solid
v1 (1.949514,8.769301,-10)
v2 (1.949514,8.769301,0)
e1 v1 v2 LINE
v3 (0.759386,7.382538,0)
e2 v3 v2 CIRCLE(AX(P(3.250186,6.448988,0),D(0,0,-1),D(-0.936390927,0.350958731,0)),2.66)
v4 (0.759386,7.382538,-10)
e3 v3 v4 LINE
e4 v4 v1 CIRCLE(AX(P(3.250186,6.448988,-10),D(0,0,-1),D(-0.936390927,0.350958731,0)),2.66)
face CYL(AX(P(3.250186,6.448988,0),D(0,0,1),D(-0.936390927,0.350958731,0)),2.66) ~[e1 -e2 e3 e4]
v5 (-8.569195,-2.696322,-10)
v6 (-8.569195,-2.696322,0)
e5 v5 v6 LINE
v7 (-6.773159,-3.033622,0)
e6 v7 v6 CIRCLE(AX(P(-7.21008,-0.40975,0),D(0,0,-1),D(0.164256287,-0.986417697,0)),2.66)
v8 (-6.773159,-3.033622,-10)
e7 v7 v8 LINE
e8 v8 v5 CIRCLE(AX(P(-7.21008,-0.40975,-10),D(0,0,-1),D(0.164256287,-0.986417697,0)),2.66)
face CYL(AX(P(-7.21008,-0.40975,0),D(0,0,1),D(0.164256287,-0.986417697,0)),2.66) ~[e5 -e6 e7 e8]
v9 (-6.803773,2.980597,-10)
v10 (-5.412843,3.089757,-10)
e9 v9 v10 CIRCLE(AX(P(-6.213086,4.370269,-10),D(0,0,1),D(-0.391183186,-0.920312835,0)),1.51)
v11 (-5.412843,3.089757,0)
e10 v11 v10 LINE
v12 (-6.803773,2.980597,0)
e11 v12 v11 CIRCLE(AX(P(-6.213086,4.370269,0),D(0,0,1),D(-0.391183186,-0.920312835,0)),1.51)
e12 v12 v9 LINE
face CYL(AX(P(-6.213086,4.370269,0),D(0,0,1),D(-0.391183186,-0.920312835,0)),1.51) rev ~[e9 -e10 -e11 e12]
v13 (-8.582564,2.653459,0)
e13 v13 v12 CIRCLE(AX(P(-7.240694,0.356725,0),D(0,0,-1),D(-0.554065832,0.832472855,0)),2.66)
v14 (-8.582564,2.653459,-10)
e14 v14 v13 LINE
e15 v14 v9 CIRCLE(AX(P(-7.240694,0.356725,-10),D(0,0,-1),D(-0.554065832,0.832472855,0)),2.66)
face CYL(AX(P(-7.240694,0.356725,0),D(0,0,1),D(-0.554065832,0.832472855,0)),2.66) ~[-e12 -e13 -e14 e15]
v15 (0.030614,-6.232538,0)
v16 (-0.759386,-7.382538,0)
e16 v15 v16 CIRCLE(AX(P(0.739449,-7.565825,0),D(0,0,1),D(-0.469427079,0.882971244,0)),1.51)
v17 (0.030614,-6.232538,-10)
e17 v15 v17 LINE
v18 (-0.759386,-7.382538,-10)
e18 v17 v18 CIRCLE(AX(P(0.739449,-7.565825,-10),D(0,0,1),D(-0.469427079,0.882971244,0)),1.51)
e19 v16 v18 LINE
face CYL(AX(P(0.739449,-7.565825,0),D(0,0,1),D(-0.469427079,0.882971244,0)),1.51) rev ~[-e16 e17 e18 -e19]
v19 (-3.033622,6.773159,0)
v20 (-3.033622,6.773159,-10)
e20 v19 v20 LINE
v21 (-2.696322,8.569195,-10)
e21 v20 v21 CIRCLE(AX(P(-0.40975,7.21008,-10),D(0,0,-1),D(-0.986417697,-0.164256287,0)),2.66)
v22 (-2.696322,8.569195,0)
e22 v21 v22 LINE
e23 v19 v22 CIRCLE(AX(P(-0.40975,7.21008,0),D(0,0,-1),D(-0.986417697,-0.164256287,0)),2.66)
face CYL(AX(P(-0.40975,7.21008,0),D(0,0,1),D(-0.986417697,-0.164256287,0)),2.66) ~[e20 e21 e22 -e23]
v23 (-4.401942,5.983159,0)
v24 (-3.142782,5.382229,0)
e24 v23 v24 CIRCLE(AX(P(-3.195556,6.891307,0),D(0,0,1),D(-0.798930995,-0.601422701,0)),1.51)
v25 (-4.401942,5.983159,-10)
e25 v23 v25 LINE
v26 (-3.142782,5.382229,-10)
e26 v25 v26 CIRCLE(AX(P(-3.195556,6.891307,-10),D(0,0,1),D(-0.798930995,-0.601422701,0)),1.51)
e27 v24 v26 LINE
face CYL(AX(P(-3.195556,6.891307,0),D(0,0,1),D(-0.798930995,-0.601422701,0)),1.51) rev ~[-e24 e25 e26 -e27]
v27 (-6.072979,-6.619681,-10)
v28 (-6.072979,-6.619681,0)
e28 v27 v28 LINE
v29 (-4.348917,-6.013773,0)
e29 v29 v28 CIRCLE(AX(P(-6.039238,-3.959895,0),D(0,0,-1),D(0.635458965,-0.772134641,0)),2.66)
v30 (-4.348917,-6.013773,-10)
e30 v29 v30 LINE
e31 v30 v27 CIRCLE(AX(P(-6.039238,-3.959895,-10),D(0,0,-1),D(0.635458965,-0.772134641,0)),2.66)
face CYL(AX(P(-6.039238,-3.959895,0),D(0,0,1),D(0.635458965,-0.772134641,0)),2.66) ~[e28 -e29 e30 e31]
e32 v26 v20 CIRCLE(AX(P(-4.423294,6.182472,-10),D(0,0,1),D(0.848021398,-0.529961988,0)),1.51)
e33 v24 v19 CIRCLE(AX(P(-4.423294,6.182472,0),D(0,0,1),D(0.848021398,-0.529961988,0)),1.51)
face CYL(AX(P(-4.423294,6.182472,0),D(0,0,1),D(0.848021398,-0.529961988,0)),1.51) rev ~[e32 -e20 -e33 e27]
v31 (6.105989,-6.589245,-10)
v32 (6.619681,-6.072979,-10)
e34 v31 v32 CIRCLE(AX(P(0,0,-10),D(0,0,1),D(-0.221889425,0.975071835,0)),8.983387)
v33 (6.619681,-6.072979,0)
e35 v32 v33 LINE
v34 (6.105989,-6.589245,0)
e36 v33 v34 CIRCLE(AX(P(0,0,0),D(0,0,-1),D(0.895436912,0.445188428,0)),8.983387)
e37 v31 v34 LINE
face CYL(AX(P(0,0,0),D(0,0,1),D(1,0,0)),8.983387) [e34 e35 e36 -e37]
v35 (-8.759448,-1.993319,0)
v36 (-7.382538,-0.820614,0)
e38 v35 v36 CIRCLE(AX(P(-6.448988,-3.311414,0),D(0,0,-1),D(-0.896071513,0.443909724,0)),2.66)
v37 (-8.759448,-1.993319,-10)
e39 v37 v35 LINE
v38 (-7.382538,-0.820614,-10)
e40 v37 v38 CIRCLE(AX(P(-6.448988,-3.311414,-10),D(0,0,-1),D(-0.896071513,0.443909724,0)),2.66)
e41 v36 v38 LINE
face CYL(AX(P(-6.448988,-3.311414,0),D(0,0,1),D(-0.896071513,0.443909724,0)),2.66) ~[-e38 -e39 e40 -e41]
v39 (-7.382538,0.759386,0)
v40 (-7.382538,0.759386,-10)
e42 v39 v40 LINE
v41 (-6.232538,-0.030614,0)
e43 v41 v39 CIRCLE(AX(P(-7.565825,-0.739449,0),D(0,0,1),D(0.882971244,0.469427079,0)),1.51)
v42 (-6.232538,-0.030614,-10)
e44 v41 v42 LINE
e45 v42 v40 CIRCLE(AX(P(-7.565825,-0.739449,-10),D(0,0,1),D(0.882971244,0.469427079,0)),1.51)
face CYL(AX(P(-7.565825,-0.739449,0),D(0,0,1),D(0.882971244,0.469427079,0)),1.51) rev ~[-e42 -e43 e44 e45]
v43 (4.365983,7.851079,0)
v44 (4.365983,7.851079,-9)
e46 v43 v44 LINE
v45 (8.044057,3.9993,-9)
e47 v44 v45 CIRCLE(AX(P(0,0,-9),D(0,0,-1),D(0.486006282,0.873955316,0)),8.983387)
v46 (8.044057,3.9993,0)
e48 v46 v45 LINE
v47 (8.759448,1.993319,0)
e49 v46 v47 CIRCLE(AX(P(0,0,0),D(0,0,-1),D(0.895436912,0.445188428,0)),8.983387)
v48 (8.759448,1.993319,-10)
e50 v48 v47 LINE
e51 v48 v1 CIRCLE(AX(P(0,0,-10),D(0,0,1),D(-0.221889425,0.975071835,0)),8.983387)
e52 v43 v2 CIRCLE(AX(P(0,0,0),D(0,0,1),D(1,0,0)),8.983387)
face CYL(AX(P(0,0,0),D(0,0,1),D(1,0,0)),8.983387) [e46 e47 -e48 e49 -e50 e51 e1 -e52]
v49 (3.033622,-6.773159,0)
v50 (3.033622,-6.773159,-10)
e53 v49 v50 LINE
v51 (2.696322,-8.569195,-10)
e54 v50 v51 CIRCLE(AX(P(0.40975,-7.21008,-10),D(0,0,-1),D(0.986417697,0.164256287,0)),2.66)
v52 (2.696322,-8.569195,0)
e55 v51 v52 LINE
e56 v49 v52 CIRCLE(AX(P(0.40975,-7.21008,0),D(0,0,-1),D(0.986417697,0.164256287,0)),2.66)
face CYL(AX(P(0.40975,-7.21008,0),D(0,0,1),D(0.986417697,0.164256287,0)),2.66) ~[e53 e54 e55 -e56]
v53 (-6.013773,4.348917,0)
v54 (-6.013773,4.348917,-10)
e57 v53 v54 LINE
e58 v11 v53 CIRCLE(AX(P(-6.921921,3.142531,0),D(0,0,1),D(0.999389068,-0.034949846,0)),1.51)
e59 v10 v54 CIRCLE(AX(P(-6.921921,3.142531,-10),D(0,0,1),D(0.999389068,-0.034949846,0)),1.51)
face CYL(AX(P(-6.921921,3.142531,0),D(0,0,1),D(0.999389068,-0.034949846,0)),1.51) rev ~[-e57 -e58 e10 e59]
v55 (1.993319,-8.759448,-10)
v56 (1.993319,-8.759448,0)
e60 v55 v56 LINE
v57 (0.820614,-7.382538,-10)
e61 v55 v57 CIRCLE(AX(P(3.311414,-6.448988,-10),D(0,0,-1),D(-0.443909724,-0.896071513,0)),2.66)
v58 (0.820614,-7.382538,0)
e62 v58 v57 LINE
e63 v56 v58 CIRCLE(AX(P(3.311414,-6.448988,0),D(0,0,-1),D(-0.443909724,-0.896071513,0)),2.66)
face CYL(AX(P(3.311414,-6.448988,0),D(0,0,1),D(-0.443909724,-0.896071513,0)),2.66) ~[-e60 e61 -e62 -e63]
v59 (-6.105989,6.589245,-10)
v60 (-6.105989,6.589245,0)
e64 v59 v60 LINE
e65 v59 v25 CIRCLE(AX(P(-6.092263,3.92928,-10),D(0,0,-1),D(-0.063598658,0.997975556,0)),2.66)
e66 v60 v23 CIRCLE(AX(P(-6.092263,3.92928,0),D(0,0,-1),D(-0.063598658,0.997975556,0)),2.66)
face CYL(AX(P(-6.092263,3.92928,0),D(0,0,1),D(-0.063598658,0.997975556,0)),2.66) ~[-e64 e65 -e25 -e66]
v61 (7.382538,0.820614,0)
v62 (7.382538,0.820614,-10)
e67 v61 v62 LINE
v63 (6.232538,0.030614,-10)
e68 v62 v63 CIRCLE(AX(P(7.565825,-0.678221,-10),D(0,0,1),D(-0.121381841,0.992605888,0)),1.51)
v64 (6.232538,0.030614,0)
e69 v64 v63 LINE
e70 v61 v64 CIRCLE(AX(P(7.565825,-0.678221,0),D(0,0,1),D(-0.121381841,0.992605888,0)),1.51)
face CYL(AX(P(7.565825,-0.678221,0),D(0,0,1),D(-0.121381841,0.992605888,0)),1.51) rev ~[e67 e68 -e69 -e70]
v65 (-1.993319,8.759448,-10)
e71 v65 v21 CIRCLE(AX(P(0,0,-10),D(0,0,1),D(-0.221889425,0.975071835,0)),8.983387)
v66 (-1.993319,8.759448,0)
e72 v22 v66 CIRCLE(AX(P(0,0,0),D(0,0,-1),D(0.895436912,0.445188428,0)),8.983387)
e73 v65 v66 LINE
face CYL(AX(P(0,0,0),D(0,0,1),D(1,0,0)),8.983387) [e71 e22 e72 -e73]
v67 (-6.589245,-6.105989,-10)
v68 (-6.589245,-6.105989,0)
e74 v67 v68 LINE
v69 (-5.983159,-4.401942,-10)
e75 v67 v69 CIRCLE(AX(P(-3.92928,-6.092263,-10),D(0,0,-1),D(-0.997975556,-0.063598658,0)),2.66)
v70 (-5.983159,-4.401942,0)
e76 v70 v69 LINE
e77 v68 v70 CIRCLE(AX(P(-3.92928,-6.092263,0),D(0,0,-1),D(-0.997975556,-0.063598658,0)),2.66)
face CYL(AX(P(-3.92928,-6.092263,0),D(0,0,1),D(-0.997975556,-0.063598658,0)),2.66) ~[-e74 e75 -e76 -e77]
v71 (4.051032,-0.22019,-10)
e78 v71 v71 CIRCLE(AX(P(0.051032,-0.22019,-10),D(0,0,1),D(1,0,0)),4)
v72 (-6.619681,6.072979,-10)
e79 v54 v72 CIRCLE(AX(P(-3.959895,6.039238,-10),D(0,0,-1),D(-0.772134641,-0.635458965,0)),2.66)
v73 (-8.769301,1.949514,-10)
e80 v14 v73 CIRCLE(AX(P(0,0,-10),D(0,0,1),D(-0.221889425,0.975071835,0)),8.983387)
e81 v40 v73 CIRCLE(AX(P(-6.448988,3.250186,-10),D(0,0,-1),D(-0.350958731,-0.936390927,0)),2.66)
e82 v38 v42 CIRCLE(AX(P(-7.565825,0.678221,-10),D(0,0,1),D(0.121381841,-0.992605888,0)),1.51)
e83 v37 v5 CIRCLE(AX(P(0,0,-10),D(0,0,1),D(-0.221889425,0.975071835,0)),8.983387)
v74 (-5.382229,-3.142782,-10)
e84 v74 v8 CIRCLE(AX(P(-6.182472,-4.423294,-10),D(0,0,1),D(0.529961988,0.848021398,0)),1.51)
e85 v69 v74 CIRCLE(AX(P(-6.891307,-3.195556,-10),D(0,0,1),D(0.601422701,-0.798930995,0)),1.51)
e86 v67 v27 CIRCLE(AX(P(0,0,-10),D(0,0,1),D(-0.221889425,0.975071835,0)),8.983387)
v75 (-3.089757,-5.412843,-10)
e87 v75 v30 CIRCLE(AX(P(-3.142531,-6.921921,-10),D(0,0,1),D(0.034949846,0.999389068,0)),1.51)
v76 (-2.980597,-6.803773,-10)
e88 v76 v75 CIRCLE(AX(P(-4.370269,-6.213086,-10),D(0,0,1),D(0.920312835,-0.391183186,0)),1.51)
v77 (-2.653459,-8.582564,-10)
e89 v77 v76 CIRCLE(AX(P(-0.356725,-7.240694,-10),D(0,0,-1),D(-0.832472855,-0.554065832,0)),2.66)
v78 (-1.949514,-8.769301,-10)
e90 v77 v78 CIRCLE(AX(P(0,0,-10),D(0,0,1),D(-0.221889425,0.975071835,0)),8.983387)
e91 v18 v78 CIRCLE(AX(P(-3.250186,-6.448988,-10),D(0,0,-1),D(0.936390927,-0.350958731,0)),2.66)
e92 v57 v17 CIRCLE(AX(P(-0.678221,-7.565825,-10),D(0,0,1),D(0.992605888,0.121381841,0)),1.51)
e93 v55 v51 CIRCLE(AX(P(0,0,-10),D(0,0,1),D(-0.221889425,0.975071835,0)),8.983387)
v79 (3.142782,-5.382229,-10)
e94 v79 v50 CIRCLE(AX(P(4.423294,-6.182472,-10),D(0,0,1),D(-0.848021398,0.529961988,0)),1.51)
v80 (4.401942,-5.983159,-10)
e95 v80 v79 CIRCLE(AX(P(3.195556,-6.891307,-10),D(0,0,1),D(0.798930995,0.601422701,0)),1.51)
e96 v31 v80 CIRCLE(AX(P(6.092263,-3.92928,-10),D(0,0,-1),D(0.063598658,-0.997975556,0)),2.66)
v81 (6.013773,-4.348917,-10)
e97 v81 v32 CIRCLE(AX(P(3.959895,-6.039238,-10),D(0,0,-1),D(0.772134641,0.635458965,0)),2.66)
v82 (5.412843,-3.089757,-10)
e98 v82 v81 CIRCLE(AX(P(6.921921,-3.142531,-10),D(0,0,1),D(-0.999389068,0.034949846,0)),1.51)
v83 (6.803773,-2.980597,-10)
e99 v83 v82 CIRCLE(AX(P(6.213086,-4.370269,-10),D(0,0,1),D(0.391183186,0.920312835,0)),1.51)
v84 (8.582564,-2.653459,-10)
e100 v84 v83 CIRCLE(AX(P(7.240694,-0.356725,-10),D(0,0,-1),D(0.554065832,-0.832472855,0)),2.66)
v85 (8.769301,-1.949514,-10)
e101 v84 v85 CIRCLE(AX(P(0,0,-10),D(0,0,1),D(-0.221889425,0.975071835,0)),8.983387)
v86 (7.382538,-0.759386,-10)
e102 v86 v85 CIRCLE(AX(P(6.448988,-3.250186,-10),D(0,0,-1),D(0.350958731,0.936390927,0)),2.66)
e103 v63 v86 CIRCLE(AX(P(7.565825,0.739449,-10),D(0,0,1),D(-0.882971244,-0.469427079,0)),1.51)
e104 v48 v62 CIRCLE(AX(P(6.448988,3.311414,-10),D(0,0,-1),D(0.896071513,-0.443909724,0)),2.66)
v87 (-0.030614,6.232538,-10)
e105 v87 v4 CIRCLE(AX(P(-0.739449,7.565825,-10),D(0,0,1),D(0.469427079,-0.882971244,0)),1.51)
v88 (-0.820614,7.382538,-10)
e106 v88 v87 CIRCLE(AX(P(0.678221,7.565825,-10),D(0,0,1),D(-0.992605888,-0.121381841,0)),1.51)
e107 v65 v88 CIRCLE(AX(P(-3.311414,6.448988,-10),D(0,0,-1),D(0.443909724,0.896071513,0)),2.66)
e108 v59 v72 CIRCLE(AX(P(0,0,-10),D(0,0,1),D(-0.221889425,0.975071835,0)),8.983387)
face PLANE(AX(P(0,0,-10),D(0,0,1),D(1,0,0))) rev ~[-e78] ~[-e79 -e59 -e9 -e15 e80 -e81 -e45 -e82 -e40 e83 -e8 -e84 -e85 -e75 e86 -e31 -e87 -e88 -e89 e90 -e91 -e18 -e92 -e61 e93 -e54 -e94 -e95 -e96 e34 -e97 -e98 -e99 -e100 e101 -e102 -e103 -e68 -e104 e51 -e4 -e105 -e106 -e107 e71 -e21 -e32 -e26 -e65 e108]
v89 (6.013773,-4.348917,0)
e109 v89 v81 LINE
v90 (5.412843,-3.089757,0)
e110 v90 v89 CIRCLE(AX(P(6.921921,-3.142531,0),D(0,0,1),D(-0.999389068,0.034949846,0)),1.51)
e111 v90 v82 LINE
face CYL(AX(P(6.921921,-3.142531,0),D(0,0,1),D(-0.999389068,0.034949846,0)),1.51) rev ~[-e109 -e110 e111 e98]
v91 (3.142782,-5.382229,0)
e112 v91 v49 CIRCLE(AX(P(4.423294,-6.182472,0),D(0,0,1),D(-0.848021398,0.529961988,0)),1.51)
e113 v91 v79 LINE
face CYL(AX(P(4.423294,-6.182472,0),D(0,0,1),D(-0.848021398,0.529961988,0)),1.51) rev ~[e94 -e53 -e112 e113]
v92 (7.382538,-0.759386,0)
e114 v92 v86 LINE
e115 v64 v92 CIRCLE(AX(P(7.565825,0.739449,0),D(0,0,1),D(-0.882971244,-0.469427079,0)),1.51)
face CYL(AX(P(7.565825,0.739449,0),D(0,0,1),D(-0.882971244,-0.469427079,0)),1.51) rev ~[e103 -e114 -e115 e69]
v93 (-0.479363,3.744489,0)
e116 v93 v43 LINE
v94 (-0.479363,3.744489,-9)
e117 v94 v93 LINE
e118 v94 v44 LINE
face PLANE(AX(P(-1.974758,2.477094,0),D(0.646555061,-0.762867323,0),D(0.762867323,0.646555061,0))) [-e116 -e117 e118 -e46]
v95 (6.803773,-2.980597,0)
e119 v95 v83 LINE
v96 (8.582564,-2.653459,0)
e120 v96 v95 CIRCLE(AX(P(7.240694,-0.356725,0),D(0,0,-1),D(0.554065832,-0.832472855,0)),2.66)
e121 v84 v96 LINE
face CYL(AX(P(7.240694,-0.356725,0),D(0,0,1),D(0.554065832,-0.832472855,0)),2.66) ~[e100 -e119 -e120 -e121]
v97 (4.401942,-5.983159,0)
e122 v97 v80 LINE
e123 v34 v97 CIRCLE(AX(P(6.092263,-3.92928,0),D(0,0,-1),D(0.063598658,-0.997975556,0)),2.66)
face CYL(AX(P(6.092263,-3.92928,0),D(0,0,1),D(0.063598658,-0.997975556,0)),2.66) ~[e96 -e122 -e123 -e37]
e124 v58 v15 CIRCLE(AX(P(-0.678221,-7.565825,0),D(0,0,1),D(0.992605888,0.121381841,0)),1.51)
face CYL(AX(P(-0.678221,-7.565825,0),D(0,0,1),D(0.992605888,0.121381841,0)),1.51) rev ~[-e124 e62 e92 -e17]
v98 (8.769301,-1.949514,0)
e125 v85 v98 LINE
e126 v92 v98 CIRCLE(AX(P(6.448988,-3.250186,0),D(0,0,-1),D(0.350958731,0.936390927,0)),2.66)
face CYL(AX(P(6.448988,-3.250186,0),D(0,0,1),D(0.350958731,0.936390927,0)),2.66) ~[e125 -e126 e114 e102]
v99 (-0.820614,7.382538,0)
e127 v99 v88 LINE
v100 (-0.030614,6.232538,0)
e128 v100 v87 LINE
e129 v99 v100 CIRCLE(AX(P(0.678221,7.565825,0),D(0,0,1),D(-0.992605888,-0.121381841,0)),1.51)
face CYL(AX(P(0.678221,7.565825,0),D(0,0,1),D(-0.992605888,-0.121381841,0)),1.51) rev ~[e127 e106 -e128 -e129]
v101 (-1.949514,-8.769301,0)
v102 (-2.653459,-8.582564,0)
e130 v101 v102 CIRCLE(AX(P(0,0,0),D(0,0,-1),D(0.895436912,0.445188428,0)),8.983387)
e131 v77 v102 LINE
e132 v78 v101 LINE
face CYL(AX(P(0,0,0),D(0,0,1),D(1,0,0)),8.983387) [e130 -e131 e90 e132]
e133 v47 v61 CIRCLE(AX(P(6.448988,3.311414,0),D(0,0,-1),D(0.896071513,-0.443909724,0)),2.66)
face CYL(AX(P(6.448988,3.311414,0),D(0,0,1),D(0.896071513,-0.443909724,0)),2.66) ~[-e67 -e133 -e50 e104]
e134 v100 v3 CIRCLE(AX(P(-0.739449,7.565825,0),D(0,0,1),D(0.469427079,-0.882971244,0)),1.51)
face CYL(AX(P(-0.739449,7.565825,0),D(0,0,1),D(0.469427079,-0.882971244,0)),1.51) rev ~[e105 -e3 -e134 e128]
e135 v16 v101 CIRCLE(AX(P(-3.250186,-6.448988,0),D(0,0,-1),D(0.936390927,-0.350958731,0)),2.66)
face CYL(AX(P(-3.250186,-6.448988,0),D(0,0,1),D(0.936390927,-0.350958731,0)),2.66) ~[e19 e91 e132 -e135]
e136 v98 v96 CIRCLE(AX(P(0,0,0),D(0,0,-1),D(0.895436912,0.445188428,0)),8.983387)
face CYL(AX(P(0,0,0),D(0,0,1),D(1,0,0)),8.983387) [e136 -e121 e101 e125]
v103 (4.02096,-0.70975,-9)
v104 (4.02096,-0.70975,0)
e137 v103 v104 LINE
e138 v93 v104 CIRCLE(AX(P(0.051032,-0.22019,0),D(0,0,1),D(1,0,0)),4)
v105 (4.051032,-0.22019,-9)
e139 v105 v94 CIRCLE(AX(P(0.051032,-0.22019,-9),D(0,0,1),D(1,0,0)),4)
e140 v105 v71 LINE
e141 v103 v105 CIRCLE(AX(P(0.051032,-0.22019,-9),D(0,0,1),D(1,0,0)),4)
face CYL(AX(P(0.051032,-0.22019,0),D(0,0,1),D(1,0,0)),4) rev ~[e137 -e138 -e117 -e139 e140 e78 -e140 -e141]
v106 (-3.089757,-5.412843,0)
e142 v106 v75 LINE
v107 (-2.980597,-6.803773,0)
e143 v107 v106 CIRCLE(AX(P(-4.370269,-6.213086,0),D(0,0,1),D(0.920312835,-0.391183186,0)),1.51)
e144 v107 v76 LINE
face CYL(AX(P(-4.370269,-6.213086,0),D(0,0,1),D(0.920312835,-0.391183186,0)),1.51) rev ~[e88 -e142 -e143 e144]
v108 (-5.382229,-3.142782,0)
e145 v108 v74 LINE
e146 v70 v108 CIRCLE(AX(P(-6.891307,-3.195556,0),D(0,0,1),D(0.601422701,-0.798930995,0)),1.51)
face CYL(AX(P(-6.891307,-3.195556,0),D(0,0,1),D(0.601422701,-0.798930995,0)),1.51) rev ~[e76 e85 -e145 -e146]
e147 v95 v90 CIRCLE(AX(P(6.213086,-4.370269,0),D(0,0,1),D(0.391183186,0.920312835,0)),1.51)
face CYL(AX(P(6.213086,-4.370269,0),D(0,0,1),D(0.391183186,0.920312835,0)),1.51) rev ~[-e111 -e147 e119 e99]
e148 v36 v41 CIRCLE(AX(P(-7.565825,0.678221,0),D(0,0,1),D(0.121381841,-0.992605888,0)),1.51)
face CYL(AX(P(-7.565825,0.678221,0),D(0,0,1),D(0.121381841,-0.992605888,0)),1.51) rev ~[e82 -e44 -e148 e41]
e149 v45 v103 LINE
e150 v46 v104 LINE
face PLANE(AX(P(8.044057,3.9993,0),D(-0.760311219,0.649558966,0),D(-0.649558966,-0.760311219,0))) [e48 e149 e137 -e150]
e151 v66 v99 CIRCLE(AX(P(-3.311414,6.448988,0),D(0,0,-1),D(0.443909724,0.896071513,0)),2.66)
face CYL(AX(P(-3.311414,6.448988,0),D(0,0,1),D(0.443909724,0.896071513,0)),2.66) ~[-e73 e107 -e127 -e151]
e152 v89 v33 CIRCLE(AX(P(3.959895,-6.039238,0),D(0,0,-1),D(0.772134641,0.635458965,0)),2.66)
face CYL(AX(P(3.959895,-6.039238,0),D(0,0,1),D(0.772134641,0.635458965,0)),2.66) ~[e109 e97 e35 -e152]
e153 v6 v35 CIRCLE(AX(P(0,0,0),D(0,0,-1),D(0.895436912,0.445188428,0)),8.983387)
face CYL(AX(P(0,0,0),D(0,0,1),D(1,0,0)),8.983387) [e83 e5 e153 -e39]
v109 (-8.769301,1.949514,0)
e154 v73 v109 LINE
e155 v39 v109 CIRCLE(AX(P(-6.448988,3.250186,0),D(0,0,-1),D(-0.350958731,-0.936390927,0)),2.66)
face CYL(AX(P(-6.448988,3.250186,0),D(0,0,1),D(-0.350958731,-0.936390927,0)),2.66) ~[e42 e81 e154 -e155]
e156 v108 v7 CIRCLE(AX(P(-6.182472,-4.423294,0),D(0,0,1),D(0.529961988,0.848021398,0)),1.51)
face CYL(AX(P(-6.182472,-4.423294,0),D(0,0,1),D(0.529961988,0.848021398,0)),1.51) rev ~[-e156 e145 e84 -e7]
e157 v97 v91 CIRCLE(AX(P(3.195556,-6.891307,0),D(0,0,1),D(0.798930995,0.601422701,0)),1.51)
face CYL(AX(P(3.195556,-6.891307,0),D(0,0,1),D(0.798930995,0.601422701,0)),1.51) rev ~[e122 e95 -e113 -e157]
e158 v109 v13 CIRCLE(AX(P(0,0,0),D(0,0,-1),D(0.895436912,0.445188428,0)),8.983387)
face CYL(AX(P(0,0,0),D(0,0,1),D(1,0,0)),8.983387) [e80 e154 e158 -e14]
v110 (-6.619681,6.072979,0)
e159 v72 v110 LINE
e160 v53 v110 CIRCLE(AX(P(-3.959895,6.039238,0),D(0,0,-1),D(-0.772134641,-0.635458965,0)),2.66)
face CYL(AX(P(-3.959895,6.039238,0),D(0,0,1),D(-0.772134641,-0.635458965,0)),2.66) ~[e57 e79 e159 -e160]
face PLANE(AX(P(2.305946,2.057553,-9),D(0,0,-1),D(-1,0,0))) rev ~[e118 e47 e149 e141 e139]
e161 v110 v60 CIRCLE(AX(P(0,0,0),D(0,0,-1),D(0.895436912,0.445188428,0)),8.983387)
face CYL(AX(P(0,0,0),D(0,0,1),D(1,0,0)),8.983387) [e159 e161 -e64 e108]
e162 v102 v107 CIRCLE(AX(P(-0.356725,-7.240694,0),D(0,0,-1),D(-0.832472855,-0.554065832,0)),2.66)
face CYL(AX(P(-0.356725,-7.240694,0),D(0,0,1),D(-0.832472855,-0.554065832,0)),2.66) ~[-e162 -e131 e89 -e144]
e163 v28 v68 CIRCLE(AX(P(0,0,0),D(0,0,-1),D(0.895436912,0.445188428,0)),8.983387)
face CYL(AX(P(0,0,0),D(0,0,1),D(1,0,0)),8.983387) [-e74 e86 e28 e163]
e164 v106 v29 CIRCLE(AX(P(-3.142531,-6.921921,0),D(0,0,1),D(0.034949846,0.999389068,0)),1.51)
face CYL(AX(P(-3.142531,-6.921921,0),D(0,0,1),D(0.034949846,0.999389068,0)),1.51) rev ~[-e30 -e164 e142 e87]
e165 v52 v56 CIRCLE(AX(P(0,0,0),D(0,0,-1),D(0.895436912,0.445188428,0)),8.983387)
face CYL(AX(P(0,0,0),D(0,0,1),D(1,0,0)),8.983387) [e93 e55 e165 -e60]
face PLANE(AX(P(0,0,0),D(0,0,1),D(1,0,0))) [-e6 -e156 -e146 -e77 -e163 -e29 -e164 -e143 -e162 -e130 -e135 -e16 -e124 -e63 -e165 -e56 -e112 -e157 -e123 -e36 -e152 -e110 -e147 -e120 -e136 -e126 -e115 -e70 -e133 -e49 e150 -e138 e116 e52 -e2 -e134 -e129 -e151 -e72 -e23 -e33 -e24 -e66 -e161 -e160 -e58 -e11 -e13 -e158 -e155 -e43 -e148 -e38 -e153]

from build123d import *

# Parameters (mm, degrees)
SKETCH1_R           = 8.98338725
BOSS_EXTRUDE2_DEPTH = 10
CUT_EXTRUDE1_DEPTH  = 9
SKETCH9_R           = 4
CUT_EXTRUDE4_DEPTH  = 10
CUT_EXTRUDE5_DEPTH  = 10
CIRPATTERN2_COUNT   = 10
CIRPATTERN2_ANGLE   = 270


with BuildPart() as part:
    # Sketch1 → Boss-Extrude2 (new body)
    with BuildSketch(Plane.XY):
        Circle(SKETCH1_R)
    extrude(amount=-BOSS_EXTRUDE2_DEPTH)

    # Sketch2 → Cut-Extrude1 (cut)
    with BuildSketch(Plane.XY):
        with BuildLine():
            Line((-1.97475772, 2.477093755), (4.365982639, 7.851079039))
            ThreePointArc((4.365982639, 7.851079039), (6.497023817, 6.204025146), (8.044056542, 3.999300044))
            Line((8.044056542, 3.999300044), (2.911023025, -2.008935037))
            ThreePointArc((2.911023025, -2.008935037), (-2.230434429, -2.704958194), (-1.97475772, 2.477093755))
        make_face()
    extrude(amount=-CUT_EXTRUDE1_DEPTH, mode=Mode.SUBTRACT)

    # Sketch9 → Cut-Extrude4 (cut)
    with BuildSketch(Plane.XY):
        with Locations((0.051031531, -0.220189823)):
            Circle(SKETCH9_R)
    extrude(amount=-CUT_EXTRUDE4_DEPTH, mode=Mode.SUBTRACT)

    # Sketch10 → Cut-Extrude5 (cut)
    with BuildSketch(Plane.XY):
        with BuildLine():
            ThreePointArc((-0.030614018, 6.232538227), (0.505170096, 6.710825662), (0.759385982, 7.382538227))
            ThreePointArc((0.759385982, 7.382538227), (1.276411254, 8.232191257), (2.069385982, 8.832538227))
            ThreePointArc((2.069385982, 8.832538227), (-0.030614018, 8.990934274), (-2.130614018, 8.832538227))
            ThreePointArc((-2.130614018, 8.832538227), (-1.33763929, 8.232191257), (-0.820614018, 7.382538227))
            ThreePointArc((-0.820614018, 7.382538227), (-0.566398131, 6.710825662), (-0.030614018, 6.232538227))
        make_face()
    cut_extrude5 = extrude(amount=-CUT_EXTRUDE5_DEPTH, mode=Mode.SUBTRACT)

    # CirPattern2: Cut-Extrude5 ×10 about axis
    cirpattern2_axis = Axis((0, 0, 0), (0, 0, 1))
    for i in range(1, CIRPATTERN2_COUNT):
        add(cut_extrude5.rotate(cirpattern2_axis, i * CIRPATTERN2_ANGLE / (CIRPATTERN2_COUNT - 1)), mode=Mode.SUBTRACT)


solid = part.part
